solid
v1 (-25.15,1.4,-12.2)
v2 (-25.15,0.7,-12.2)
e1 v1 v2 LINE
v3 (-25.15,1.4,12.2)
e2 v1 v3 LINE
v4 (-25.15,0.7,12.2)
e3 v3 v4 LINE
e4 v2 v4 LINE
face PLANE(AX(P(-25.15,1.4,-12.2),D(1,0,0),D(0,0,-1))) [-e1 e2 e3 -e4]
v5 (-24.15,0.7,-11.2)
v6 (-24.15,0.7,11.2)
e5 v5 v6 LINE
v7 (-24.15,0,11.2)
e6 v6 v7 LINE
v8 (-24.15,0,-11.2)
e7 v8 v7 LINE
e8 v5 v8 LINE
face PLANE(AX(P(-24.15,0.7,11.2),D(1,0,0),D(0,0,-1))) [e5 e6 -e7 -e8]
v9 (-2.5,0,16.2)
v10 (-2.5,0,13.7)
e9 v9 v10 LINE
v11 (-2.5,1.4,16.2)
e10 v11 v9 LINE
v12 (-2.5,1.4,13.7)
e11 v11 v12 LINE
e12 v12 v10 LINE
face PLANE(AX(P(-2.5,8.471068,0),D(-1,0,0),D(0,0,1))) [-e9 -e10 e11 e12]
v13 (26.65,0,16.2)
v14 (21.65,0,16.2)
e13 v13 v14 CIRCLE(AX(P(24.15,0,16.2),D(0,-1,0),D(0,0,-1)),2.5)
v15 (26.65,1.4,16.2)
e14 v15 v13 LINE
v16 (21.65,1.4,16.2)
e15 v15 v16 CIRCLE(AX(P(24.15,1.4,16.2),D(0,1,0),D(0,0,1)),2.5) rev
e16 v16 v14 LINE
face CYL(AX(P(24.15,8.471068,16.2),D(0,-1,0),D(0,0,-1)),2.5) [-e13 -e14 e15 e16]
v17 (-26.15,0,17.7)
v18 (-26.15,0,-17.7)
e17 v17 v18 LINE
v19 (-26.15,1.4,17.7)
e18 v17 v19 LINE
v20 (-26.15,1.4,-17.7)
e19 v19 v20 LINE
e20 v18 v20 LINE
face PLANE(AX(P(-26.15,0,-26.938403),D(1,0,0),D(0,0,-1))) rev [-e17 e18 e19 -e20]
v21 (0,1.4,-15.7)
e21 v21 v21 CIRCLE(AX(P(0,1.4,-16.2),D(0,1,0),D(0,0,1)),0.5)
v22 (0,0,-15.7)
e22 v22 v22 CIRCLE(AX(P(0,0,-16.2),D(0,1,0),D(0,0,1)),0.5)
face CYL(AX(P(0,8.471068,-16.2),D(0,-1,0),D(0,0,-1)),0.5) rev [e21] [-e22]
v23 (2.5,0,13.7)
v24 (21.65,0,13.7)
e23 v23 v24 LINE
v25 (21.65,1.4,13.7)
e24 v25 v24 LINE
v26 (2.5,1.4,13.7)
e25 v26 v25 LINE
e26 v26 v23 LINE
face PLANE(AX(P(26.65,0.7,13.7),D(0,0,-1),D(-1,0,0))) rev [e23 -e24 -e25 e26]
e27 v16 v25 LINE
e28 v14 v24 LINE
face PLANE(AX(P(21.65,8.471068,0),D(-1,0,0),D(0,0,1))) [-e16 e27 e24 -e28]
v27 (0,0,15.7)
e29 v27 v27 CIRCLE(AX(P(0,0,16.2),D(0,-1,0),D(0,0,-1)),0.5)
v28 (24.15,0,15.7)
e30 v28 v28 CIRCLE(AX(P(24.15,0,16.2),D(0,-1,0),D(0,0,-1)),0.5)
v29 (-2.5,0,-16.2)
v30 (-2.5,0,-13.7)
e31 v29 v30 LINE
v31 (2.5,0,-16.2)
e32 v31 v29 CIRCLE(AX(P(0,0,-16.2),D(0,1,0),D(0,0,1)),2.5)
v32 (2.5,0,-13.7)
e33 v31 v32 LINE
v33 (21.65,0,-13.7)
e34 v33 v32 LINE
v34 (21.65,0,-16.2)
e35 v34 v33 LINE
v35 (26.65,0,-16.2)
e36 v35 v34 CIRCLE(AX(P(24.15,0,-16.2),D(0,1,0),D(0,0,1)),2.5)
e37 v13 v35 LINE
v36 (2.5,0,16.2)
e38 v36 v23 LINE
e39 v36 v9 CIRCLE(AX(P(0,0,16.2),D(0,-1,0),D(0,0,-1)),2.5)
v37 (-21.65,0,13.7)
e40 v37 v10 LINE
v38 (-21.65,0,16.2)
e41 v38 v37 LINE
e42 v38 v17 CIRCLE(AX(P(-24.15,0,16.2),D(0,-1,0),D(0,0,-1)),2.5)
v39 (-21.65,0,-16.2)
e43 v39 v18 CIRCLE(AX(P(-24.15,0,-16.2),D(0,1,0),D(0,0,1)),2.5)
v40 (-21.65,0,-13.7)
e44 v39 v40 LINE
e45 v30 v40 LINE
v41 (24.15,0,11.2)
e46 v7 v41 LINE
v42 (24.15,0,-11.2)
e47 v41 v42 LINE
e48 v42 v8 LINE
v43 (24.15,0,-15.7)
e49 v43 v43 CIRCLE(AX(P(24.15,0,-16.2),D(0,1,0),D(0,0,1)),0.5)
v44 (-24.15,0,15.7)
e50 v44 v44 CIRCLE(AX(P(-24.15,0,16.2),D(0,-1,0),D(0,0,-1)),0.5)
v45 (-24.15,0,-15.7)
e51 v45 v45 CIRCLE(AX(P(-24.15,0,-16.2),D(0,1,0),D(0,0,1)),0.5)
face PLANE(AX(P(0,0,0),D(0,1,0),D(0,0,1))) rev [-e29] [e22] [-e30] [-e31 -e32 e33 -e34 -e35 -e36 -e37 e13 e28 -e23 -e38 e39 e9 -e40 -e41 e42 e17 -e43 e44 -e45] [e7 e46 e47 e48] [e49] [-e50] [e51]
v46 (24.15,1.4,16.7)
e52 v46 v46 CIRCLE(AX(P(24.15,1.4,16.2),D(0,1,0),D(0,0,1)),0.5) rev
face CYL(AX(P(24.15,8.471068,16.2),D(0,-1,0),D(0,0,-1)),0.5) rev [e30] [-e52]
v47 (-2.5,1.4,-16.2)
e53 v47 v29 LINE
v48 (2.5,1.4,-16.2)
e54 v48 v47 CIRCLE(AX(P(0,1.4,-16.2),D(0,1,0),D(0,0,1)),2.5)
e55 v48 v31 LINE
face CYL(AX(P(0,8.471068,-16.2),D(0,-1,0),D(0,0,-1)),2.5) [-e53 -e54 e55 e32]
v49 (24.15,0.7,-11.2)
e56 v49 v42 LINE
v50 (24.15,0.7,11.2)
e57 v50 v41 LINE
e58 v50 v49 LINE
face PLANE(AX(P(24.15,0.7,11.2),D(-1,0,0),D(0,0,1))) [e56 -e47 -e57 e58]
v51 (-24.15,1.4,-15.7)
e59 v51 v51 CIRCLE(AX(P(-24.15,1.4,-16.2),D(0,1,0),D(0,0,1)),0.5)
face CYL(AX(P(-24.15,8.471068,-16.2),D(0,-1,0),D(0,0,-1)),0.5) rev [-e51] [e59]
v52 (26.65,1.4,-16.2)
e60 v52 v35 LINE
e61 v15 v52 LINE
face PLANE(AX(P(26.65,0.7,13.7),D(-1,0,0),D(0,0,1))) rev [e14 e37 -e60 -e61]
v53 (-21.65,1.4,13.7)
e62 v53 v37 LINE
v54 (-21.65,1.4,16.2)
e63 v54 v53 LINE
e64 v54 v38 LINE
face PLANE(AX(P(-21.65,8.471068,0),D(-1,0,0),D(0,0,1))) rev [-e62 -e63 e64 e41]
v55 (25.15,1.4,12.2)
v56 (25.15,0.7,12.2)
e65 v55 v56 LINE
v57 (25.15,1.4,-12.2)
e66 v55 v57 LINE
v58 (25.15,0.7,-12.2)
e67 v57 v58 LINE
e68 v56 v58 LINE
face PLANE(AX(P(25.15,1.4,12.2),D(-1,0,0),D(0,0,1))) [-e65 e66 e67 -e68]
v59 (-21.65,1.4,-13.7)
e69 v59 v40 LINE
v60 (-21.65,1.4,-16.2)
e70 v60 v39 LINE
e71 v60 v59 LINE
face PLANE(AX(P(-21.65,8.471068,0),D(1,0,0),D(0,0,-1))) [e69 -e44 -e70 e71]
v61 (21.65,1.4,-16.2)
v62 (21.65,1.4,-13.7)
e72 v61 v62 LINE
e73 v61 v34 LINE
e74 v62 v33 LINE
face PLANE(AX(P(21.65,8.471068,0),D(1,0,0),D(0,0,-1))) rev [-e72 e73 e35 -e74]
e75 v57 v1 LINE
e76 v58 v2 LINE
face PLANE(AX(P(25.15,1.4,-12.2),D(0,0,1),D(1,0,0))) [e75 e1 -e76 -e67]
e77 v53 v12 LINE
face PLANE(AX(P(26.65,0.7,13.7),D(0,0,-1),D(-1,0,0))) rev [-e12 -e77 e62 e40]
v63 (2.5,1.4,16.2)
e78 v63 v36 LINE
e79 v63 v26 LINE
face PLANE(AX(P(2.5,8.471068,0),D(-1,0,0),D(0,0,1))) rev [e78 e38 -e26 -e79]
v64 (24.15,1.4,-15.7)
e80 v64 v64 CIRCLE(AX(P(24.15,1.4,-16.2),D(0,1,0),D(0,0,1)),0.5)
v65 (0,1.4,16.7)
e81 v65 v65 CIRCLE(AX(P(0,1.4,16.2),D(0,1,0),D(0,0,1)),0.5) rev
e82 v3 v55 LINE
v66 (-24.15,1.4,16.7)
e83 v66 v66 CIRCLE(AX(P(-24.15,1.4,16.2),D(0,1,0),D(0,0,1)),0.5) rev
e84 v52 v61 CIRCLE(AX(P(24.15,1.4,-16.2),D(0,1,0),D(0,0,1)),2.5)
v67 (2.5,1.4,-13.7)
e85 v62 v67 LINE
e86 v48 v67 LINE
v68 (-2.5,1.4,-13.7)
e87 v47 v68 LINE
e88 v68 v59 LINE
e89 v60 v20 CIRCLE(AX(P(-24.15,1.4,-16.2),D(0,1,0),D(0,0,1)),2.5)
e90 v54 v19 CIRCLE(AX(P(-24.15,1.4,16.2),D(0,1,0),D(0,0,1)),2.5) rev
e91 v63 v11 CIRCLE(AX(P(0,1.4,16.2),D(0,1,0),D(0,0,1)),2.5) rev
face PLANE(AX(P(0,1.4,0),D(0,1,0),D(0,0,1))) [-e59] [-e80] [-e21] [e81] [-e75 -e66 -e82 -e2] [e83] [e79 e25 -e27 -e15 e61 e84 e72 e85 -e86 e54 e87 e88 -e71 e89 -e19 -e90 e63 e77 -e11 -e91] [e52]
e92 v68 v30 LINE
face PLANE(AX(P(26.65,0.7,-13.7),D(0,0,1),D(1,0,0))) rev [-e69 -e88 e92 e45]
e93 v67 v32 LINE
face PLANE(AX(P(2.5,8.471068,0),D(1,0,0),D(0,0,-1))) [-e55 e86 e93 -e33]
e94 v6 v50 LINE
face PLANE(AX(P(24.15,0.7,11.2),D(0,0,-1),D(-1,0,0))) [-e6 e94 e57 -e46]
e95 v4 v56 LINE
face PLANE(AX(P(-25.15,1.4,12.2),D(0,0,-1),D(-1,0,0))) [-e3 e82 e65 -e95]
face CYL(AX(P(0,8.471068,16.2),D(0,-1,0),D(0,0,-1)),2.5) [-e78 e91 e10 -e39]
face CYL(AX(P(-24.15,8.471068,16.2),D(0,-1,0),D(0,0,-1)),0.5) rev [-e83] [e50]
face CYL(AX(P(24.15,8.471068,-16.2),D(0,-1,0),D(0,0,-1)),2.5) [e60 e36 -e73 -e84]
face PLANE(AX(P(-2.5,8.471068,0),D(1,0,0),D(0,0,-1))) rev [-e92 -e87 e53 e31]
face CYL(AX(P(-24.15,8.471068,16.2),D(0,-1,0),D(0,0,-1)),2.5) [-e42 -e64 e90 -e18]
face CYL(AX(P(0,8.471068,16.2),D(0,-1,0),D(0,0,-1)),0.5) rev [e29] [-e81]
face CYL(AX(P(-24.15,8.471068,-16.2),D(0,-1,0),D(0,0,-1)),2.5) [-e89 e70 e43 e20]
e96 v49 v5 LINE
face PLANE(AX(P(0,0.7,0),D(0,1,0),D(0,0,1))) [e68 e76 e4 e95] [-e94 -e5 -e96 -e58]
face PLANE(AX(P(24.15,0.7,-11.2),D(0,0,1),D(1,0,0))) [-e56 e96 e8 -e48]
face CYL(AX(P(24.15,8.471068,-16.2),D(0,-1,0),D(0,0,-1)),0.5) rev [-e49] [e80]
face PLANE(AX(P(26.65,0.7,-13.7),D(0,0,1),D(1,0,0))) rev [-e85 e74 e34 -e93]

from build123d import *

# Parameters (mm, degrees)
SKETCH1_W               = 53.3
SKETCH1_H               = 27.4
SKETCH1_W_2             = 48.3
SKETCH1_H_2             = 22.4
BOSS_EXTRUDE1_DEPTH     = 0.7
SKETCH2_W               = 53.3
SKETCH2_H               = 27.4
SKETCH2_W_2             = 50.3
SKETCH2_H_2             = 24.4
BOSS_EXTRUDE2_DEPTH     = 0.7
SKETCH3_R               = 0.5
BOSS_EXTRUDE3_DEPTH     = 1.4
SKETCH5_W               = 13.547692857
SKETCH5_H               = 47.955685723
CUT_EXTRUDE1_DEPTH      = 1
CUT_EXTRUDE1_DEPTH_BACK = 2.4


with BuildPart() as part:
    # Sketch1 → Boss-Extrude1 (new body)
    with BuildSketch(Plane(origin=(0, 0, 0), x_dir=(1, 0, 0), z_dir=(0, 1, 0))):
        Rectangle(SKETCH1_W, SKETCH1_H)
        Rectangle(SKETCH1_W_2, SKETCH1_H_2, mode=Mode.SUBTRACT)
    extrude(amount=BOSS_EXTRUDE1_DEPTH)

    # Sketch2 → Boss-Extrude2 (add)
    with BuildSketch(Plane(origin=(0, 0.7, 0), x_dir=(1, 0, 0), z_dir=(0, 1, 0))):
        Rectangle(SKETCH2_W, SKETCH2_H)
        Rectangle(SKETCH2_W_2, SKETCH2_H_2, mode=Mode.SUBTRACT)
    extrude(amount=BOSS_EXTRUDE2_DEPTH)

    # Sketch3 → Boss-Extrude3 (add)
    with BuildSketch(Plane.XZ):
        with BuildLine():
            Line((-26.65, 13.7), (-21.65, 13.7))
            Line((-21.65, 13.7), (-21.65, 16.2))
            ThreePointArc((-21.65, 16.2), (-24.15, 18.7), (-26.65, 16.2))
            Line((-26.65, 16.2), (-26.65, 13.7))
        make_face()
        with Locations((-24.15, 16.2)):
            Circle(SKETCH3_R, mode=Mode.SUBTRACT)
        with BuildLine():
            Line((26.65, 16.2), (26.65, 13.7))
            Line((26.65, 13.7), (21.65, 13.7))
            Line((21.65, 13.7), (21.65, 16.2))
            ThreePointArc((21.65, 16.2), (24.15, 18.7), (26.65, 16.2))
        make_face()
        with Locations((24.15, 16.2)):
            Circle(SKETCH3_R, mode=Mode.SUBTRACT)
        with BuildLine():
            Line((2.5, 16.2), (2.5, 13.7))
            Line((2.5, 13.7), (-2.5, 13.7))
            Line((-2.5, 13.7), (-2.5, 16.2))
            ThreePointArc((-2.5, 16.2), (0, 18.7), (2.5, 16.2))
        make_face()
        with Locations((0, 16.2)):
            Circle(SKETCH3_R, mode=Mode.SUBTRACT)
    boss_extrude3 = extrude(amount=-BOSS_EXTRUDE3_DEPTH)

    # Mirror1: Boss-Extrude3 across plane
    add(boss_extrude3.mirror(Plane.XY))

    # Sketch5 → Cut-Extrude1 (cut, two sides)
    with BuildSketch(Plane(origin=(0, 1.4, 0), x_dir=(1, 0, 0), z_dir=(0, 1, 0))) as cut_extrude1_sk:
        with Locations((-32.923846428, 2.960560152)):
            Rectangle(SKETCH5_W, SKETCH5_H)
    extrude(amount=CUT_EXTRUDE1_DEPTH, mode=Mode.SUBTRACT)
    extrude(cut_extrude1_sk.sketch, amount=-CUT_EXTRUDE1_DEPTH_BACK, mode=Mode.SUBTRACT)


solid = part.part
